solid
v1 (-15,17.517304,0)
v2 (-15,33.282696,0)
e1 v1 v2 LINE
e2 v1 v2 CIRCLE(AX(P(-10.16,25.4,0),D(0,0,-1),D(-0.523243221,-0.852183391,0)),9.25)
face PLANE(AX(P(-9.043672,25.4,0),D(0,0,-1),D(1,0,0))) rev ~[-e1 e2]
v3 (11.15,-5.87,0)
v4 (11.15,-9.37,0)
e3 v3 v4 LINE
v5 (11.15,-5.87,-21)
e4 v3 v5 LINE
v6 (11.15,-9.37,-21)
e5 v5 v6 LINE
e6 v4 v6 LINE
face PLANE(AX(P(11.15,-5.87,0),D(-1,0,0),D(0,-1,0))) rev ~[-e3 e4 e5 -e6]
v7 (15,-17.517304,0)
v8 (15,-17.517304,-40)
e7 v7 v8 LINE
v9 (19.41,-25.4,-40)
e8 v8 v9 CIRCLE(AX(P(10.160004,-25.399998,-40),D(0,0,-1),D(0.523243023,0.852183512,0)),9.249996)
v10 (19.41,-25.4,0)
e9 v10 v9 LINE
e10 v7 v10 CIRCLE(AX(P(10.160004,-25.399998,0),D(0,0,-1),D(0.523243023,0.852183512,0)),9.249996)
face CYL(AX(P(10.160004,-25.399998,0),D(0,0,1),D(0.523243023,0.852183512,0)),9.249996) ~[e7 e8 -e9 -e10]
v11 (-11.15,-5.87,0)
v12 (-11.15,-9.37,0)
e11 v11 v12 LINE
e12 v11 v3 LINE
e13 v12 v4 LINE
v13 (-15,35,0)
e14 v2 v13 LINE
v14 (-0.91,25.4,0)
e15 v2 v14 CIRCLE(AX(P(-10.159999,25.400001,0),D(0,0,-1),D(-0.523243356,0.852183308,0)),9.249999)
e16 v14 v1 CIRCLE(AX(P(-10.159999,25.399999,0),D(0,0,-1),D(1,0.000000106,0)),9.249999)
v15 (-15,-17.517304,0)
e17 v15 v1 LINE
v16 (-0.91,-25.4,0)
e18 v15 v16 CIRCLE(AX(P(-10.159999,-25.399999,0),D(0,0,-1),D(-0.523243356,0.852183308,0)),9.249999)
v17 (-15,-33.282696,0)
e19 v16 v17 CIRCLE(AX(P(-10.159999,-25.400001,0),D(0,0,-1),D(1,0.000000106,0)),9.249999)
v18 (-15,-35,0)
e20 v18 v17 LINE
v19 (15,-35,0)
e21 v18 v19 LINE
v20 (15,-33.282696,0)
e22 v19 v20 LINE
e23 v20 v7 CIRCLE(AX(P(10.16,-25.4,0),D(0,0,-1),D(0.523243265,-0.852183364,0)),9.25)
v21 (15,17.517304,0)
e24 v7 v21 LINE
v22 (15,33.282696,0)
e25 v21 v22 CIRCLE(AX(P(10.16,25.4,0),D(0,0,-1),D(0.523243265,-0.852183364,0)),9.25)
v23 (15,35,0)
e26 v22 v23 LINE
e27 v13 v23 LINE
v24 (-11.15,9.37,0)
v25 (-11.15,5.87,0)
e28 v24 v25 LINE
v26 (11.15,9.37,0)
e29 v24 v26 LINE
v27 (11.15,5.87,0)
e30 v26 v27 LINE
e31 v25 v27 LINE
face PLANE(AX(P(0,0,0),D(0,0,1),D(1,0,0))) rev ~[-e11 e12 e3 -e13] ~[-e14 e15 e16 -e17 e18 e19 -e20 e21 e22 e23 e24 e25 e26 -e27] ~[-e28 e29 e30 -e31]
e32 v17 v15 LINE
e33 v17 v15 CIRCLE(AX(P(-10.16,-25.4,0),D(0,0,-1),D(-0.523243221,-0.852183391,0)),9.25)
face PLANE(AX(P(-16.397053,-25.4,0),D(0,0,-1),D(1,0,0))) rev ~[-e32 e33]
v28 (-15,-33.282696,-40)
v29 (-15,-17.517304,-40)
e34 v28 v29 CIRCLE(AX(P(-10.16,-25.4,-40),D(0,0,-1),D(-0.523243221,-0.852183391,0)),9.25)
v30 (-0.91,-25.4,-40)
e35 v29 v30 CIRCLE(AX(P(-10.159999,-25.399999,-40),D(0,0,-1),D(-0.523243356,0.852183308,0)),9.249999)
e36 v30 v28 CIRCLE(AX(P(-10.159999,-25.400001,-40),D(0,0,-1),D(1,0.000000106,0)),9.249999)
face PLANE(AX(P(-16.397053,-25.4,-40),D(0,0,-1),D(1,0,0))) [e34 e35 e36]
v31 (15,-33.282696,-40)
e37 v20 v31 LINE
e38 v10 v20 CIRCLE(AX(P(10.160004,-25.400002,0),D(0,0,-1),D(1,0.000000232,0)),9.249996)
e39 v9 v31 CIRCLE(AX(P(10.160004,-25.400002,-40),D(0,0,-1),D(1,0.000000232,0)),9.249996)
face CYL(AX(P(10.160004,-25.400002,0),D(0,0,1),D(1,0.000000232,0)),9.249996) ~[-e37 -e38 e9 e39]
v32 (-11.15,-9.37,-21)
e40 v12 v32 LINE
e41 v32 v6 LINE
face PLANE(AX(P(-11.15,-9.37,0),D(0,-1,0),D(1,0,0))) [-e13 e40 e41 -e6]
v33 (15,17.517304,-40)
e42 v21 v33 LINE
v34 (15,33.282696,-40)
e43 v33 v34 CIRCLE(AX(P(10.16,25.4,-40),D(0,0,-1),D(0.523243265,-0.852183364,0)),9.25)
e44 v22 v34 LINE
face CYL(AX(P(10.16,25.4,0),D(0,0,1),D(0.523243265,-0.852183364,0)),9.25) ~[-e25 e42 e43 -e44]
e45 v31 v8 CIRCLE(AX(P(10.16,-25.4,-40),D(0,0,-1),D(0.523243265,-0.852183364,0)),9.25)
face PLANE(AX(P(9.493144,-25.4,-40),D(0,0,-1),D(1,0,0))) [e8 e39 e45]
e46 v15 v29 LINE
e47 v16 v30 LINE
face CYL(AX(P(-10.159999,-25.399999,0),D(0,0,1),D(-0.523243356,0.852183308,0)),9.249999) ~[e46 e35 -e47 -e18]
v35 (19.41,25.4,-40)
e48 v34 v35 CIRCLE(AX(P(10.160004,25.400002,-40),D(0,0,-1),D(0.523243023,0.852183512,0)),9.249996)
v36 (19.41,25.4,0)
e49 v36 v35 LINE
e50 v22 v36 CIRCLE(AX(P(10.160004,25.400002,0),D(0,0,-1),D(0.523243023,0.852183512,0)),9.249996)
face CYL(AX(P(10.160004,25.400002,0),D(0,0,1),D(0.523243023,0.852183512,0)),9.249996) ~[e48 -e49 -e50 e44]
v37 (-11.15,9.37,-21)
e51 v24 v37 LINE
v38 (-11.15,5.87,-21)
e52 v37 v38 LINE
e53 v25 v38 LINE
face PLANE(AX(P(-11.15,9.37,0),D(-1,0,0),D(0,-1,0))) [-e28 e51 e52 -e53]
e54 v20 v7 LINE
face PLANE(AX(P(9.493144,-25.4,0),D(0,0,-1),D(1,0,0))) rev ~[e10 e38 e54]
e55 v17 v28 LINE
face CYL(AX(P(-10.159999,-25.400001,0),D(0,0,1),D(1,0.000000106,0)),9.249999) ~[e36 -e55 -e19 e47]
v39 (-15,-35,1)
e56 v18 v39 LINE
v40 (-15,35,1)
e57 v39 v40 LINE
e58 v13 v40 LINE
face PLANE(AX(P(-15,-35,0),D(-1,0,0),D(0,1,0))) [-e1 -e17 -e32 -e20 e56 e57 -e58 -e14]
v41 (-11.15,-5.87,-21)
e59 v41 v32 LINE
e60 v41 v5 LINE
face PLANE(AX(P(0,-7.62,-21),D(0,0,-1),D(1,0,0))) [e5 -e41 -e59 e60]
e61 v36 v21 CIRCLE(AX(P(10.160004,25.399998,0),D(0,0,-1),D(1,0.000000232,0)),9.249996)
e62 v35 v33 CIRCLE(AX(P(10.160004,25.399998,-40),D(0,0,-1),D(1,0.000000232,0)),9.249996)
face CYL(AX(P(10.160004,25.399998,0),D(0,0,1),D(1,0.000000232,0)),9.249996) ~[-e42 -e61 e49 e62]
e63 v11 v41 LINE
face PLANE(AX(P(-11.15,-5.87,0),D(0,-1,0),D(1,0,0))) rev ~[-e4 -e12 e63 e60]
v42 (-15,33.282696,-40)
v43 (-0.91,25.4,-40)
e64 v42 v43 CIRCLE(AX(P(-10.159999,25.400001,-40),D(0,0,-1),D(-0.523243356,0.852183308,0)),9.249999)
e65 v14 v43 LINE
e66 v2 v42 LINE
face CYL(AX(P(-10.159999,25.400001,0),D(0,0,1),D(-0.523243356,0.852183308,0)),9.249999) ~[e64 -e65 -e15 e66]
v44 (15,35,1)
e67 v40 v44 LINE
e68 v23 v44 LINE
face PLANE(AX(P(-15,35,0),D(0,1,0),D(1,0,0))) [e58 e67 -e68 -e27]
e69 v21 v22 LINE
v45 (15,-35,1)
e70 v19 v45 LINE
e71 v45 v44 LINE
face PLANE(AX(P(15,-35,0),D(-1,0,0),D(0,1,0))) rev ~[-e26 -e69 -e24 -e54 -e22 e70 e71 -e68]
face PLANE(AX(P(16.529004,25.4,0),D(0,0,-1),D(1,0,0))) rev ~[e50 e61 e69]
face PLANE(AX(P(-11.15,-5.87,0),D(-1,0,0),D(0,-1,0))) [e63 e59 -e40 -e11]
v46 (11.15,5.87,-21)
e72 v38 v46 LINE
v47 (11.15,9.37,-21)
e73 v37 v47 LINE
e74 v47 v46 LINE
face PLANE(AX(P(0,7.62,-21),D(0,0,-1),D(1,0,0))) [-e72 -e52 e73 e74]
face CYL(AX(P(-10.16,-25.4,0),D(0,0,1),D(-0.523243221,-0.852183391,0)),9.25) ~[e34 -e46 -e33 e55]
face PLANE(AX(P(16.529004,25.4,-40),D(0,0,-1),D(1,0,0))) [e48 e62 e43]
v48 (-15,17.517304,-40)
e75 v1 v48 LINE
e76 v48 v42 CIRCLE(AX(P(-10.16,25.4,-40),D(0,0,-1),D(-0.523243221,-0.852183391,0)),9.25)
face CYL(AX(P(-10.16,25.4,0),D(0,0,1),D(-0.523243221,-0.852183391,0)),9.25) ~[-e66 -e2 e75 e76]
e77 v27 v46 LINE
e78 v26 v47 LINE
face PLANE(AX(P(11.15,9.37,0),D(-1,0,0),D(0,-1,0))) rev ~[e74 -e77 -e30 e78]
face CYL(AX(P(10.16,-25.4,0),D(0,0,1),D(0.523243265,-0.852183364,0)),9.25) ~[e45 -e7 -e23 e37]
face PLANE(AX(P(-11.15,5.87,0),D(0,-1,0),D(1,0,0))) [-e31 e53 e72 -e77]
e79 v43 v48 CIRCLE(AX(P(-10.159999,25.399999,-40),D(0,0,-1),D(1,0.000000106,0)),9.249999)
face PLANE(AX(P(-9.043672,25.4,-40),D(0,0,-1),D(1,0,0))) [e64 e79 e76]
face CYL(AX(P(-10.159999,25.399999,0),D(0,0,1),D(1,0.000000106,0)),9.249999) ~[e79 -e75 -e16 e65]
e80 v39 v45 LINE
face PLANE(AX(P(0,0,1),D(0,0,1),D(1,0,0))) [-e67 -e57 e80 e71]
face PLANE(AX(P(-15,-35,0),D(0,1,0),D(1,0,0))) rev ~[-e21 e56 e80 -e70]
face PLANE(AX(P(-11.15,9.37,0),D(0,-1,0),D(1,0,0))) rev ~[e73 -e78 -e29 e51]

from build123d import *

# Parameters (mm, degrees)
F0_W     = 30
F0_H     = 70
F1_DEPTH = 1
F3_W     = 22.3
F3_H     = 3.5
F4_DEPTH = 21
F5_DEPTH = 40


with BuildPart() as f1:
    # F0 (on Top) → F1 (new body)
    with BuildSketch(Plane.XY):
        Rectangle(F0_W, F0_H)
    extrude(amount=F1_DEPTH)

    # F3 (on face) → F4 (join)
    with BuildSketch(Plane(origin=(0, 0, 0), x_dir=(1, 0, 0), z_dir=(0, 0, -1))):
        with Locations((0, 7.62)):
            Rectangle(F3_W, F3_H)
        with Locations((0, -7.62)):
            Rectangle(F3_W, F3_H)
    extrude(amount=F4_DEPTH)

    # F3 (on face) → F5 (join)
    with BuildSketch(Plane(origin=(0, 0, 0), x_dir=(1, 0, 0), z_dir=(0, 0, -1))):
        with BuildLine():
            Line((-15, 17.517304), (-15, 33.282696))
            ThreePointArc((-15, 33.282696), (-19.41, 25.4), (-15, 17.517304))
        make_face()
        with BuildLine():
            Line((15, 17.517304), (15, 33.282696))
            ThreePointArc((15, 33.282696), (0.91, 25.4), (15, 17.517304))
        make_face()
        with BuildLine():
            ThreePointArc((-0.91, -25.4), (-5.643779, -17.327438), (-15, -17.517304))
            Line((-15, -17.517304), (-15, -33.282696))
            ThreePointArc((-15, -33.282696), (-5.643779, -33.472562), (-0.91, -25.4))
        make_face()
        with BuildLine():
            ThreePointArc((19.41, -25.4), (18.232562, -20.883779), (15, -17.517304))
            Line((15, -17.517304), (15, -33.282696))
            ThreePointArc((15, -33.282696), (18.232562, -29.916221), (19.41, -25.4))
        make_face()
        with BuildLine():
            Line((-15, -33.282696), (-15, -17.517304))
            ThreePointArc((-15, -17.517304), (-19.41, -25.4), (-15, -33.282696))
        make_face()
        with BuildLine():
            ThreePointArc((-0.91, 25.4), (-5.643779, 33.472562), (-15, 33.282696))
            Line((-15, 33.282696), (-15, 17.517304))
            ThreePointArc((-15, 17.517304), (-5.643779, 17.327438), (-0.91, 25.4))
        make_face()
        with BuildLine():
            ThreePointArc((15, 17.517304), (18.232562, 20.883779), (19.41, 25.4))
            ThreePointArc((19.41, 25.4), (18.232562, 29.916221), (15, 33.282696))
            Line((15, 33.282696), (15, 17.517304))
        make_face()
        with BuildLine():
            Line((15, -33.282696), (15, -17.517304))
            ThreePointArc((15, -17.517304), (0.91, -25.4), (15, -33.282696))
        make_face()
    extrude(amount=F5_DEPTH)


solid = f1.part
